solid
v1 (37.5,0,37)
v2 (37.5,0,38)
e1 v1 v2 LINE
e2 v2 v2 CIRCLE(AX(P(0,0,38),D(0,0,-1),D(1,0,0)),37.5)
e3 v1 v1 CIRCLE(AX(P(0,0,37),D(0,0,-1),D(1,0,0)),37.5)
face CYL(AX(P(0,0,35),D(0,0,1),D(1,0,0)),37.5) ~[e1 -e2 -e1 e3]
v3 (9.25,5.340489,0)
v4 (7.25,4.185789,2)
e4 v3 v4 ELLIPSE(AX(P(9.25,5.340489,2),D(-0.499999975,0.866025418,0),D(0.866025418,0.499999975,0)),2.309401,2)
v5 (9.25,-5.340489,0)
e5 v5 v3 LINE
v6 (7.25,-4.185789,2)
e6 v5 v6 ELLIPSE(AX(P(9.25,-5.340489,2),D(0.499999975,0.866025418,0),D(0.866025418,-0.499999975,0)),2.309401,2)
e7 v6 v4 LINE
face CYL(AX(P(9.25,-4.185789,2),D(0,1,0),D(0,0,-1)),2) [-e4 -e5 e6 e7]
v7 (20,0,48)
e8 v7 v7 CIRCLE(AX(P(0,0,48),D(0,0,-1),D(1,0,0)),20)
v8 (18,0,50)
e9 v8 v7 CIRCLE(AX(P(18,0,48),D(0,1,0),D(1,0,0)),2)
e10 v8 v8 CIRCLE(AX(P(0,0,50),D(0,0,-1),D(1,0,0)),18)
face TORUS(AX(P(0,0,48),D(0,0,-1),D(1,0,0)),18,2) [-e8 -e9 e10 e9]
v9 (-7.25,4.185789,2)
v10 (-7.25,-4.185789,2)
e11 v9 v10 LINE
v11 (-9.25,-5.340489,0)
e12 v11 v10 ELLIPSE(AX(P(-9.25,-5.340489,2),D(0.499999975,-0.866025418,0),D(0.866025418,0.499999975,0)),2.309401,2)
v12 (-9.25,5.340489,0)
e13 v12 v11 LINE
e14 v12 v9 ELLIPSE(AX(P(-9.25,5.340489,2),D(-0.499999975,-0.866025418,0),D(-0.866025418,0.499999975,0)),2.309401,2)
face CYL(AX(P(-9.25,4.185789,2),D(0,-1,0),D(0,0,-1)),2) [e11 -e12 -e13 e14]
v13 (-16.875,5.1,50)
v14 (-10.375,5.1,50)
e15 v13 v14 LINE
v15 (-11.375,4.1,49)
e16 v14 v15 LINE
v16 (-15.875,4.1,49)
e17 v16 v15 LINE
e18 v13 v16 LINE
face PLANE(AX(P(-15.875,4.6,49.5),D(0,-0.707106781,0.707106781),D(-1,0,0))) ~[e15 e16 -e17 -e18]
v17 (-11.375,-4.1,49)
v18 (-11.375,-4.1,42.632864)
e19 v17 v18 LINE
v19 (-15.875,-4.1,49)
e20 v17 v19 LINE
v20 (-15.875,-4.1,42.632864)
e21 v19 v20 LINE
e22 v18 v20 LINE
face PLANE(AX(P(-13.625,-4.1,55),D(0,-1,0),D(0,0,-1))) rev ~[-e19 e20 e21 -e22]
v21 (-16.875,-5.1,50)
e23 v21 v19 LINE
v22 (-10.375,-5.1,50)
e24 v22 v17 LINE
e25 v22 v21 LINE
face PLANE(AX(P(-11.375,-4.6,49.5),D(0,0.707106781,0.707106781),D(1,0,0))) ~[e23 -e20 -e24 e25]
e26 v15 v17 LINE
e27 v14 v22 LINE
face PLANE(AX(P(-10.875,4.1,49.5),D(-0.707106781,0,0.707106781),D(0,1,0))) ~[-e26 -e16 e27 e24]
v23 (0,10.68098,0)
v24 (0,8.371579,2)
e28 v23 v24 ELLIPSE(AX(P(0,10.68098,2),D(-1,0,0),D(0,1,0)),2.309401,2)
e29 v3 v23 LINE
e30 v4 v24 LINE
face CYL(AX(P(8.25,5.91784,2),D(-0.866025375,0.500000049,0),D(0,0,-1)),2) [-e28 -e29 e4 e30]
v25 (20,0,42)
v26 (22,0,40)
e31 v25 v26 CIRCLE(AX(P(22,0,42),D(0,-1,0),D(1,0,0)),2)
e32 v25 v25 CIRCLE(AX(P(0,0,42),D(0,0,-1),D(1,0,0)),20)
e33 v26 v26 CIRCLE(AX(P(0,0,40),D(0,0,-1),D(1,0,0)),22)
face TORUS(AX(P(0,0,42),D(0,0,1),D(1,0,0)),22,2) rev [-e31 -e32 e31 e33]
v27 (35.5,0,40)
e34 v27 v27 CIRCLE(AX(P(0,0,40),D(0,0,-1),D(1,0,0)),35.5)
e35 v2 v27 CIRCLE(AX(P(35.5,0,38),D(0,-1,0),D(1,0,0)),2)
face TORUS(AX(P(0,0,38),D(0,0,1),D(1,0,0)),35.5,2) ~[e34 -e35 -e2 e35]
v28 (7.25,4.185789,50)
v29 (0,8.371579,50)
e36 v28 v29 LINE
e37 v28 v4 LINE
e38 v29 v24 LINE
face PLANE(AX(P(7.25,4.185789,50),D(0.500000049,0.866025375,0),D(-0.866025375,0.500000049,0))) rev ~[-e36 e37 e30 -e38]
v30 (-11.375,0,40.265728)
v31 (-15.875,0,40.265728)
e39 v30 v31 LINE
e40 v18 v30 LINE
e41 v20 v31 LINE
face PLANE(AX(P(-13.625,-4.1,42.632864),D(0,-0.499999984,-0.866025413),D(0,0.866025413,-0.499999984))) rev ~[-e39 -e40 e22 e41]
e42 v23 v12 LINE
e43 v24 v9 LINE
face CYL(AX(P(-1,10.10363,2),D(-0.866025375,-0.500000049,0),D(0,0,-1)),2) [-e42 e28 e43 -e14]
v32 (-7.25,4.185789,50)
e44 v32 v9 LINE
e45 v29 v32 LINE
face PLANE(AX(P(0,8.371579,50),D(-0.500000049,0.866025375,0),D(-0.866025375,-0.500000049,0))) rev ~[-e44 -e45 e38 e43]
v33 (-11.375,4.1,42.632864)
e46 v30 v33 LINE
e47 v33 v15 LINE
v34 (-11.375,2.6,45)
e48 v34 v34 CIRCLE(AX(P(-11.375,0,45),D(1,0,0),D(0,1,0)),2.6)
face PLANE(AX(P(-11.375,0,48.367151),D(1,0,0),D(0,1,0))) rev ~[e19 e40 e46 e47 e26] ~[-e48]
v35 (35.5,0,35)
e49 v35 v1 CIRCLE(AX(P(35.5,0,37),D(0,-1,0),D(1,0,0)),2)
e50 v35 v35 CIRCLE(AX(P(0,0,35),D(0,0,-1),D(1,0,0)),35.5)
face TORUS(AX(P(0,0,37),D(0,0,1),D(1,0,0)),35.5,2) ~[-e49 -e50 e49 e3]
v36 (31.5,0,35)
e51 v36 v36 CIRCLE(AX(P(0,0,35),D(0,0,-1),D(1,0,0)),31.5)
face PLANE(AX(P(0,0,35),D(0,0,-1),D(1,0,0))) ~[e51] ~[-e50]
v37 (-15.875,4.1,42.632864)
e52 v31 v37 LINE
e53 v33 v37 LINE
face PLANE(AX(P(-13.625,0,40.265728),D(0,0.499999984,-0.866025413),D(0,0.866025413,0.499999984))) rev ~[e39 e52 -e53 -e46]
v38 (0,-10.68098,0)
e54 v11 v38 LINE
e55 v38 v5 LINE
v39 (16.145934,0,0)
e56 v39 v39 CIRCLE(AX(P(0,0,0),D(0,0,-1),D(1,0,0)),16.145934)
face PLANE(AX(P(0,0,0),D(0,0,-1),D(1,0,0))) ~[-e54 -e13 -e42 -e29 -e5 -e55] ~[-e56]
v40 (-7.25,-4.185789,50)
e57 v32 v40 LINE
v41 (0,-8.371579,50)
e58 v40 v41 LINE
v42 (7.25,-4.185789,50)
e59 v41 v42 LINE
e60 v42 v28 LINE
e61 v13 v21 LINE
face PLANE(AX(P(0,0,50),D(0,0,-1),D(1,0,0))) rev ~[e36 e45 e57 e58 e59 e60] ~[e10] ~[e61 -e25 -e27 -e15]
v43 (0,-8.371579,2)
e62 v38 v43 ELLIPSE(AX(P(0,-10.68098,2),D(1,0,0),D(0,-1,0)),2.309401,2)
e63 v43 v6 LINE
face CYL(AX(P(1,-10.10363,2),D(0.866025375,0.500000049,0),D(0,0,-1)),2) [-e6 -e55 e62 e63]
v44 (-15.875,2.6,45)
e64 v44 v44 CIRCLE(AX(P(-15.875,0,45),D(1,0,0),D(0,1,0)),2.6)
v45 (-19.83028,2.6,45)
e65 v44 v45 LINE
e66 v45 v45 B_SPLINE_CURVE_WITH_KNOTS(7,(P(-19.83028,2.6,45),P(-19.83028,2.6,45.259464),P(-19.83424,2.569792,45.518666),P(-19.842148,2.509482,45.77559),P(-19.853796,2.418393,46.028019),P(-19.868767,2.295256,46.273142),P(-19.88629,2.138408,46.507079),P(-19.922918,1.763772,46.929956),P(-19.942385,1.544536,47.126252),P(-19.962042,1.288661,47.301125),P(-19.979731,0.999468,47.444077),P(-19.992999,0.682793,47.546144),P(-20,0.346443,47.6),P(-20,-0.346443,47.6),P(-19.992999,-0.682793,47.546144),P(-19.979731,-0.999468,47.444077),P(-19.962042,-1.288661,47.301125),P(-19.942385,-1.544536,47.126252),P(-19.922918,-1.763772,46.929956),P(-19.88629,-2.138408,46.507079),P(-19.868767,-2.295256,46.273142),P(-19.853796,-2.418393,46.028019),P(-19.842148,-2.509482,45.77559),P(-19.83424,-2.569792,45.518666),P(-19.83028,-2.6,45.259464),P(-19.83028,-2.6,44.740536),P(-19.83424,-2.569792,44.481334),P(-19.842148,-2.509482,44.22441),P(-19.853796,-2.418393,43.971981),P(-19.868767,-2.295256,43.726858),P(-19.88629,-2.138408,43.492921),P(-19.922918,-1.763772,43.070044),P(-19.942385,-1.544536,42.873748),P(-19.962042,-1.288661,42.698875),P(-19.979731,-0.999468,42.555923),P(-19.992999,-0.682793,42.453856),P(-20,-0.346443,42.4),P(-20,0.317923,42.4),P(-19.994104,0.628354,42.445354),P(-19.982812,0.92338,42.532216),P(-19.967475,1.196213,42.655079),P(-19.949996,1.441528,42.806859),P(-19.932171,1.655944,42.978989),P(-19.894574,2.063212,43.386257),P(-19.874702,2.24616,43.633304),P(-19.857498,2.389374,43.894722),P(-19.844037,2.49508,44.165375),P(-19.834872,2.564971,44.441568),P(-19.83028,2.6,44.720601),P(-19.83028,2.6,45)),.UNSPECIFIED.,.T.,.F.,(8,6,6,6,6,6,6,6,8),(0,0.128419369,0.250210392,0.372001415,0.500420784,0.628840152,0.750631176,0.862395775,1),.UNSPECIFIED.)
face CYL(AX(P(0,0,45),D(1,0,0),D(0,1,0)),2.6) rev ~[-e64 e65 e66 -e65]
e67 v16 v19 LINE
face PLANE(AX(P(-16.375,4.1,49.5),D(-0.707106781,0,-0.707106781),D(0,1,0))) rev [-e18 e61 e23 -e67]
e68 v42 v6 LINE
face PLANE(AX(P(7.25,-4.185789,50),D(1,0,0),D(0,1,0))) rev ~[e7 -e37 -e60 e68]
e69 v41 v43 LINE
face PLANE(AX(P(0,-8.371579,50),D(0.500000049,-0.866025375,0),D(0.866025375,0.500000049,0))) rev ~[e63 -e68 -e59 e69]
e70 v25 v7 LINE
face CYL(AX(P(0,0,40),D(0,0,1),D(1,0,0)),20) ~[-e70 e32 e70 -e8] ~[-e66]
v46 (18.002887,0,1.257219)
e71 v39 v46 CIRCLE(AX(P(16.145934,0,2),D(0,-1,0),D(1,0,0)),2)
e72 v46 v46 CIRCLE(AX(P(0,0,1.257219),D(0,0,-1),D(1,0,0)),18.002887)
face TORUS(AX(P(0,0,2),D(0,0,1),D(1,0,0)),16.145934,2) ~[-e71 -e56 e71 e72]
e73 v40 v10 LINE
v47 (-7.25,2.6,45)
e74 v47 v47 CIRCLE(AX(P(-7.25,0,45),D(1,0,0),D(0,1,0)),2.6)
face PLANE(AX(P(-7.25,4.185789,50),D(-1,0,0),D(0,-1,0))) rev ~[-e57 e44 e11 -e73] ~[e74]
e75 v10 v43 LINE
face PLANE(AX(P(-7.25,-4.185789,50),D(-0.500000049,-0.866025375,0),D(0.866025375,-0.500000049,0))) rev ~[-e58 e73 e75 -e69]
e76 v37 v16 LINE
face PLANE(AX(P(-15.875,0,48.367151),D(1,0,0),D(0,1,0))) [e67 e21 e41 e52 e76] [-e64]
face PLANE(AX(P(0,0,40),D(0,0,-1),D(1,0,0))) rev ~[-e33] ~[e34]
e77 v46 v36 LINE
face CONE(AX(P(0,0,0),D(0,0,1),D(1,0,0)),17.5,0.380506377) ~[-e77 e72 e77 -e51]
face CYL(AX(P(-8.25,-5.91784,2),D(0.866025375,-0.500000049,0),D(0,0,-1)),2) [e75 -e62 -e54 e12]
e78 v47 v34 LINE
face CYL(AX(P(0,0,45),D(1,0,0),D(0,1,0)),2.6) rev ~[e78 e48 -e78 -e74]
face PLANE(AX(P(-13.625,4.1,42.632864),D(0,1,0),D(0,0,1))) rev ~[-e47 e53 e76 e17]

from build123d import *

# Parameters (mm, degrees)
F3_DEPTH = 50.001
F4_R     = 2.6
F5_DEPTH = 37.501
F9_DEPTH = 2.25
F10_R    = 2
F11_SIZE = 1


with BuildPart() as f1:
    # F0 (on Front) → F1 (revolve)
    with BuildSketch(Plane.XZ):
        Polygon((0, 0), (17.5, 0), (31.5, 35), (37.5, 35), (37.5, 40), (20, 40), (20, 50), (0, 50), align=None)
    revolve(axis=Axis((0, 0, 25), (0, 0, -1)))

    # F2 (on face) → F3 (cut, through all)
    with BuildSketch(Plane.XY.offset(50)):
        Polygon((0, -8.371579), (7.25, -4.185789), (7.25, 4.185789), (0, 8.371579), (-7.25, 4.185789), (-7.25, -4.185789), align=None)
    extrude(amount=-F3_DEPTH, mode=Mode.SUBTRACT)

    # F4 (on Right) → F5 (cut, through all)
    with BuildSketch(Plane.YZ):
        with Locations((0, 45)):
            Circle(F4_R)
    extrude(amount=-F5_DEPTH, mode=Mode.SUBTRACT)

    # F8 (on face) → F9 (cut, symmetric)
    with BuildSketch(Plane.YZ.offset(-13.625)):
        Polygon((4.1, 42.632864), (4.1, 55), (-4.1, 55), (-4.1, 42.632864), (0, 40.265728), align=None)
    extrude(amount=F9_DEPTH, both=True, mode=Mode.SUBTRACT)

    # F10
    f10_edges = [f1.edges().sort_by_distance(p)[0] for p in [
        (-20, 0, 50),
        (-20, 0, 40),
        (-37.5, 0, 40),
        (-37.5, 0, 35),
        (-17.5, 0, 0),
        (-3.625, -6.278684, 0),
        (3.625, -6.278684, 0),
        (7.25, 0, 0),
        (3.625, 6.278684, 0),
        (-3.625, 6.278684, 0),
        (-7.25, 0, 0),
    ]]
    fillet(f10_edges, radius=F10_R)

    # F11
    f11_edges = [f1.edges().sort_by_distance(p)[0] for p in [
        (-13.625, 4.1, 50),
        (-11.375, 0, 50),
        (-13.625, -4.1, 50),
        (-15.875, 0, 50),
    ]]
    chamfer(f11_edges, length=F11_SIZE)


solid = f1.part
